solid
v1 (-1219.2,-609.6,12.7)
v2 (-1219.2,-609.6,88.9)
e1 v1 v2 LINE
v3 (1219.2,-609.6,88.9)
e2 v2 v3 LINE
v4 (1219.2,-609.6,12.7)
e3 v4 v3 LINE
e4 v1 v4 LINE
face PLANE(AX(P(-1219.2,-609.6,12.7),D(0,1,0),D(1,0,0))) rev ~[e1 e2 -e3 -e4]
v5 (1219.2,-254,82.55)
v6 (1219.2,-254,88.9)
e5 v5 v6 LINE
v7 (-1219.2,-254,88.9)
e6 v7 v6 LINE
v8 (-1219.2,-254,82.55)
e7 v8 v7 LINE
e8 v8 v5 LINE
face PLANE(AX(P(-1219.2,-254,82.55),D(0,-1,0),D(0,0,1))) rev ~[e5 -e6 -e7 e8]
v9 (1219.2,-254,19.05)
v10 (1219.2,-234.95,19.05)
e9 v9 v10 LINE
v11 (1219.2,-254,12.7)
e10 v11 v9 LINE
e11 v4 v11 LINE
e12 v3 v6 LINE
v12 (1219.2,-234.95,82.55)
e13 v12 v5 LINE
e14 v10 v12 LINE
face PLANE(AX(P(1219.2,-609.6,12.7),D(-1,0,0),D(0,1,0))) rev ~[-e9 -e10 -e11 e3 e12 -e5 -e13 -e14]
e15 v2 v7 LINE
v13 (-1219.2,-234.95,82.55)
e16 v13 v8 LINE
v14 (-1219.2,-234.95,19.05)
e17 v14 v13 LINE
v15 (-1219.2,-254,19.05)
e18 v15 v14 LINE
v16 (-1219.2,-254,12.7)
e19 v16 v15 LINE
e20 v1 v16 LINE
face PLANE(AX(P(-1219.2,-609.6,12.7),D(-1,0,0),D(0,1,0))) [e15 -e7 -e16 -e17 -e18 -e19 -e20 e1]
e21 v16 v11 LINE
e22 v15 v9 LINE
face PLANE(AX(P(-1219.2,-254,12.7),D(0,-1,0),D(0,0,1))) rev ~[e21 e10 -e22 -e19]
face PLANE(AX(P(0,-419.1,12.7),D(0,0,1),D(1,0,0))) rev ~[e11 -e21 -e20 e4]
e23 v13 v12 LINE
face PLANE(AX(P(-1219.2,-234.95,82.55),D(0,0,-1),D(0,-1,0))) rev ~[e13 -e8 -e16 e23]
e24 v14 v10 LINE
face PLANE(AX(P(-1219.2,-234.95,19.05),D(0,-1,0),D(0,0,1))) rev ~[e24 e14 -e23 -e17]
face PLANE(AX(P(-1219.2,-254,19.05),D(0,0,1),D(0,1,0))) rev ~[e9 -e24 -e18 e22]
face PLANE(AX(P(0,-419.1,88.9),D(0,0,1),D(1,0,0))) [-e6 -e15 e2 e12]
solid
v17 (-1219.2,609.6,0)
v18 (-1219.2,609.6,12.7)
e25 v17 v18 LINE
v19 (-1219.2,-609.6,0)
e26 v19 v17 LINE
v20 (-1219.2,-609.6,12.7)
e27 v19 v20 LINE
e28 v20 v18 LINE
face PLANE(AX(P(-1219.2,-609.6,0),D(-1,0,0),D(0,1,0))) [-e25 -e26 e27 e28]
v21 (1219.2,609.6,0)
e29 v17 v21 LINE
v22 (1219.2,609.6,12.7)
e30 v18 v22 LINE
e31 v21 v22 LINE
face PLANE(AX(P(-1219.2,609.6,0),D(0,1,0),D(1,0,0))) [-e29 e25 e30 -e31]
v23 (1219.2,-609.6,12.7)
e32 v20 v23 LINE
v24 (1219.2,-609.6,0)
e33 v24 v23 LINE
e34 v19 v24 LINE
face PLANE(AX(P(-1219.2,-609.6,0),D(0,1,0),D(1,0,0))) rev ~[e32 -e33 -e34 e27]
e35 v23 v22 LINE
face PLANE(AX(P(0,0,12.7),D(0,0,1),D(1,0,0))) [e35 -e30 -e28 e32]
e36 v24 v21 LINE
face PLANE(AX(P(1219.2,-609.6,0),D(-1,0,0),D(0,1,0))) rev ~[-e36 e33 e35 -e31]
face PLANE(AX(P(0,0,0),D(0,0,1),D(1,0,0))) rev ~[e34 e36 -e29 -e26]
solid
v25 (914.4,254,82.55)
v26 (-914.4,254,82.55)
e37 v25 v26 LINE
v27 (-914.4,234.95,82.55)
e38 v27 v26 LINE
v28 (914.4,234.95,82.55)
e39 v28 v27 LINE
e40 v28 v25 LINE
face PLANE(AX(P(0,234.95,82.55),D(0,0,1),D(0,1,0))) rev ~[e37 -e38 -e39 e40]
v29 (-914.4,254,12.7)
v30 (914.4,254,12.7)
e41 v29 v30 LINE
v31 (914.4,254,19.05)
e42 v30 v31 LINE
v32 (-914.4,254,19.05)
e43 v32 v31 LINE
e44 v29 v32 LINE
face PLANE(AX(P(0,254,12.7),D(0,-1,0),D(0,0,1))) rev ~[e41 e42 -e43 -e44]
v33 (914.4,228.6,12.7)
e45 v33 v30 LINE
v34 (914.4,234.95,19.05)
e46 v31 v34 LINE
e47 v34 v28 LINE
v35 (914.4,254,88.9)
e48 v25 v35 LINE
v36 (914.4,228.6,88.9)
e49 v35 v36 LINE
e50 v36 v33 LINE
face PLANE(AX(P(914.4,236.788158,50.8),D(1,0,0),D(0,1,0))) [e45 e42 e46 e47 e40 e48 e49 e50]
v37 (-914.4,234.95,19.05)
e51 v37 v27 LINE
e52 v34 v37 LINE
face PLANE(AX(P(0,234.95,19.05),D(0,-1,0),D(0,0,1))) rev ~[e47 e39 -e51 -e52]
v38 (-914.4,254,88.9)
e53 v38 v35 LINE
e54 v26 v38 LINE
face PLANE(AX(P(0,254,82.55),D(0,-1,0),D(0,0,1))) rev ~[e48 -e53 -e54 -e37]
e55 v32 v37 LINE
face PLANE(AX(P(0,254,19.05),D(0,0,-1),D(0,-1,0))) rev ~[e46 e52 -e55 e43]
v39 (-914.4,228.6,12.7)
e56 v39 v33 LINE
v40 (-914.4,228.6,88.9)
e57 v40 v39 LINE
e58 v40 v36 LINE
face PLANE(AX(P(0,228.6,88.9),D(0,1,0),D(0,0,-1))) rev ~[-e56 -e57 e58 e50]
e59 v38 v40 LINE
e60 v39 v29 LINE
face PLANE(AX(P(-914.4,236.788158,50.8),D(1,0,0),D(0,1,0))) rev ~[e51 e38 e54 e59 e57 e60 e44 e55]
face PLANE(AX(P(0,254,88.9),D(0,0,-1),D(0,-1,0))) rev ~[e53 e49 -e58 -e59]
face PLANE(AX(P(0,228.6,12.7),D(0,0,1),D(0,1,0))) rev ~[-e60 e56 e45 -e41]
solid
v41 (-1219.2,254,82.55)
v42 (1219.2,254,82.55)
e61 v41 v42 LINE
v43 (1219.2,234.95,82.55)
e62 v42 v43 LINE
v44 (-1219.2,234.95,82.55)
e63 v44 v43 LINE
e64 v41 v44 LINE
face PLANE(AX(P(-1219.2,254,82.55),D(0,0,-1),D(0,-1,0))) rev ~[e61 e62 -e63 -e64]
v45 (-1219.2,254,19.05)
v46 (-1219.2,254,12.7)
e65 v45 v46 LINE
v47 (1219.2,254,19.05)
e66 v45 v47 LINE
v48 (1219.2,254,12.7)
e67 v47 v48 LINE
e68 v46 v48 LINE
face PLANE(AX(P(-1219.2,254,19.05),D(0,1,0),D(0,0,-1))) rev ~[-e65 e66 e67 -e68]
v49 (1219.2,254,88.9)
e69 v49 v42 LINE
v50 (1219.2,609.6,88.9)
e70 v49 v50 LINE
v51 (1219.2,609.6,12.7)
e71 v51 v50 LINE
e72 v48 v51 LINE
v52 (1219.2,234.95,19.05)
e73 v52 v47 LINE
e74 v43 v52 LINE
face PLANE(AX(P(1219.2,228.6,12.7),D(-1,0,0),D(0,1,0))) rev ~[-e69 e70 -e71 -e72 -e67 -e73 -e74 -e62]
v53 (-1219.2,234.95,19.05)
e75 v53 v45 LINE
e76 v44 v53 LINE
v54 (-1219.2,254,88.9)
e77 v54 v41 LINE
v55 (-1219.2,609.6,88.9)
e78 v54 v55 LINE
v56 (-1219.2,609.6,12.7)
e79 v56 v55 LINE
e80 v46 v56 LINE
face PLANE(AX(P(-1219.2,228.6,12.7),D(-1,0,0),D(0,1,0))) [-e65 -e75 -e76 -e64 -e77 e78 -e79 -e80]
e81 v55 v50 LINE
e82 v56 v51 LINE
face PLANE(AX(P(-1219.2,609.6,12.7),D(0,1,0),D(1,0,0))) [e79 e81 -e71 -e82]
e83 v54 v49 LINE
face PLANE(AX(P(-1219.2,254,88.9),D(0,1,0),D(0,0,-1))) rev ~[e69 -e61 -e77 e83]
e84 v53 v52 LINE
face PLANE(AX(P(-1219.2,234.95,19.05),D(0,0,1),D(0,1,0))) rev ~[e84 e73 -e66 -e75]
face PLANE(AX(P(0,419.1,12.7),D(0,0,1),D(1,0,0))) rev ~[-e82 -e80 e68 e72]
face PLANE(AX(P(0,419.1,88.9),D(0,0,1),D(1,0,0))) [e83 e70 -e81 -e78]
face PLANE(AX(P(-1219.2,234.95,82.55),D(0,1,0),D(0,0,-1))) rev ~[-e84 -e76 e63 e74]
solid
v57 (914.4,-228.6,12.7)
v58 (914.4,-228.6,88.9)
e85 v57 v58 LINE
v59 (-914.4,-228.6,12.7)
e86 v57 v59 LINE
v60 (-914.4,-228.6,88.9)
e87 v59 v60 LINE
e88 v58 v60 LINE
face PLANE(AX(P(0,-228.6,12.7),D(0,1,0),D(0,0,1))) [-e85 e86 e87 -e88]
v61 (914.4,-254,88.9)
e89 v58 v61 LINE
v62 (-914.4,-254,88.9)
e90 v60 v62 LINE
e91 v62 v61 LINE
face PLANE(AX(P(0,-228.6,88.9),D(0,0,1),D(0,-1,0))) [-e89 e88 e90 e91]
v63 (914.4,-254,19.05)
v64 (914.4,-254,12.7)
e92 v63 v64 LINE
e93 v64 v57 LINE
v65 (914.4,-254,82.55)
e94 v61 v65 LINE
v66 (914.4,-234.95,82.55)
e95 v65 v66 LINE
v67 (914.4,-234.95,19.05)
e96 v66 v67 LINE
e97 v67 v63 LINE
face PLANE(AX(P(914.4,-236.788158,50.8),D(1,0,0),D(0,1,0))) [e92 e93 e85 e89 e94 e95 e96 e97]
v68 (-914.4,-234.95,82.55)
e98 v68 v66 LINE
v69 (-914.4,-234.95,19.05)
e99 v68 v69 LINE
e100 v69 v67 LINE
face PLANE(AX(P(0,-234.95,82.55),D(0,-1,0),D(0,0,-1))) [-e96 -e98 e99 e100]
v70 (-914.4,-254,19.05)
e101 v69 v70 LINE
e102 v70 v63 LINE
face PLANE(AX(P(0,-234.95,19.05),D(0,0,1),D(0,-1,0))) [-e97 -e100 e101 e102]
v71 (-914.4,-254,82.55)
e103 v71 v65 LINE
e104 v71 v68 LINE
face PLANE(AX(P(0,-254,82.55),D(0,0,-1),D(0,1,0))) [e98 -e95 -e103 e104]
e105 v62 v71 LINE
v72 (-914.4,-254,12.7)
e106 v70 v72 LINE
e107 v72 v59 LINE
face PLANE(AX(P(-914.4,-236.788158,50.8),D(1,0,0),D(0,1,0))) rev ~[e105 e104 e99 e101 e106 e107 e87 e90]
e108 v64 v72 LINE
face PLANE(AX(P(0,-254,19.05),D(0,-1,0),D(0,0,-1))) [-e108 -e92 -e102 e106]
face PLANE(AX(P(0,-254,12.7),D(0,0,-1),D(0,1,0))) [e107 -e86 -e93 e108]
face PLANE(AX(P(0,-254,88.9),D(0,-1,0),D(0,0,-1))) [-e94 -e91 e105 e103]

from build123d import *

# Parameters (mm, degrees)
F0_W     = 2438.4
F0_H     = 1219.2
F1_DEPTH = 12.7
F2_W     = 2438.4
F2_H     = 381
F3_DEPTH = 76.2
F5_DEPTH = 2438.401
F7_DEPTH = 914.4


with BuildPart() as f1:
    # F0 (on Top) → F1 (new body)
    with BuildSketch(Plane.XY):
        Rectangle(F0_W, F0_H)
    extrude(amount=F1_DEPTH)


with BuildPart() as f3:
    # F2 (on face) → F3 (new body)
    with BuildSketch(Plane.XY.offset(12.7)):
        with Locations((0, 419.1)):
            Rectangle(F2_W, F2_H)
        with Locations((0, -419.1)):
            Rectangle(F2_W, F2_H)
    extrude(amount=F3_DEPTH)

    # F4 (on face) → F5 (cut, through all)
    with BuildSketch(Plane(origin=(-1219.2, 0, 0), x_dir=(0, -1, 0), z_dir=(-1, 0, 0))):
        Polygon((-228.6, 88.9), (-254, 88.9), (-254, 82.55), (-234.95, 82.55), (-234.95, 19.05), (-254, 19.05), (-254, 12.7), (-228.6, 12.7), align=None)
        Polygon((254, 82.55), (254, 88.9), (228.6, 88.9), (228.6, 12.7), (254, 12.7), (254, 19.05), (234.95, 19.05), (234.95, 82.55), align=None)
    extrude(amount=-F5_DEPTH, mode=Mode.SUBTRACT)


with BuildPart() as f7:
    # F6 (on Right) → F7 (new body, symmetric)
    with BuildSketch(Plane.YZ):
        Polygon((254, 82.55), (254, 88.9), (228.6, 88.9), (228.6, 12.7), (254, 12.7), (254, 19.05), (234.95, 19.05), (234.95, 82.55), align=None)
        Polygon((-228.6, 88.9), (-254, 88.9), (-254, 82.55), (-234.95, 82.55), (-234.95, 19.05), (-254, 19.05), (-254, 12.7), (-228.6, 12.7), align=None)
    extrude(amount=F7_DEPTH, both=True)


solid = Compound([f1.part, f3.part, f7.part])
